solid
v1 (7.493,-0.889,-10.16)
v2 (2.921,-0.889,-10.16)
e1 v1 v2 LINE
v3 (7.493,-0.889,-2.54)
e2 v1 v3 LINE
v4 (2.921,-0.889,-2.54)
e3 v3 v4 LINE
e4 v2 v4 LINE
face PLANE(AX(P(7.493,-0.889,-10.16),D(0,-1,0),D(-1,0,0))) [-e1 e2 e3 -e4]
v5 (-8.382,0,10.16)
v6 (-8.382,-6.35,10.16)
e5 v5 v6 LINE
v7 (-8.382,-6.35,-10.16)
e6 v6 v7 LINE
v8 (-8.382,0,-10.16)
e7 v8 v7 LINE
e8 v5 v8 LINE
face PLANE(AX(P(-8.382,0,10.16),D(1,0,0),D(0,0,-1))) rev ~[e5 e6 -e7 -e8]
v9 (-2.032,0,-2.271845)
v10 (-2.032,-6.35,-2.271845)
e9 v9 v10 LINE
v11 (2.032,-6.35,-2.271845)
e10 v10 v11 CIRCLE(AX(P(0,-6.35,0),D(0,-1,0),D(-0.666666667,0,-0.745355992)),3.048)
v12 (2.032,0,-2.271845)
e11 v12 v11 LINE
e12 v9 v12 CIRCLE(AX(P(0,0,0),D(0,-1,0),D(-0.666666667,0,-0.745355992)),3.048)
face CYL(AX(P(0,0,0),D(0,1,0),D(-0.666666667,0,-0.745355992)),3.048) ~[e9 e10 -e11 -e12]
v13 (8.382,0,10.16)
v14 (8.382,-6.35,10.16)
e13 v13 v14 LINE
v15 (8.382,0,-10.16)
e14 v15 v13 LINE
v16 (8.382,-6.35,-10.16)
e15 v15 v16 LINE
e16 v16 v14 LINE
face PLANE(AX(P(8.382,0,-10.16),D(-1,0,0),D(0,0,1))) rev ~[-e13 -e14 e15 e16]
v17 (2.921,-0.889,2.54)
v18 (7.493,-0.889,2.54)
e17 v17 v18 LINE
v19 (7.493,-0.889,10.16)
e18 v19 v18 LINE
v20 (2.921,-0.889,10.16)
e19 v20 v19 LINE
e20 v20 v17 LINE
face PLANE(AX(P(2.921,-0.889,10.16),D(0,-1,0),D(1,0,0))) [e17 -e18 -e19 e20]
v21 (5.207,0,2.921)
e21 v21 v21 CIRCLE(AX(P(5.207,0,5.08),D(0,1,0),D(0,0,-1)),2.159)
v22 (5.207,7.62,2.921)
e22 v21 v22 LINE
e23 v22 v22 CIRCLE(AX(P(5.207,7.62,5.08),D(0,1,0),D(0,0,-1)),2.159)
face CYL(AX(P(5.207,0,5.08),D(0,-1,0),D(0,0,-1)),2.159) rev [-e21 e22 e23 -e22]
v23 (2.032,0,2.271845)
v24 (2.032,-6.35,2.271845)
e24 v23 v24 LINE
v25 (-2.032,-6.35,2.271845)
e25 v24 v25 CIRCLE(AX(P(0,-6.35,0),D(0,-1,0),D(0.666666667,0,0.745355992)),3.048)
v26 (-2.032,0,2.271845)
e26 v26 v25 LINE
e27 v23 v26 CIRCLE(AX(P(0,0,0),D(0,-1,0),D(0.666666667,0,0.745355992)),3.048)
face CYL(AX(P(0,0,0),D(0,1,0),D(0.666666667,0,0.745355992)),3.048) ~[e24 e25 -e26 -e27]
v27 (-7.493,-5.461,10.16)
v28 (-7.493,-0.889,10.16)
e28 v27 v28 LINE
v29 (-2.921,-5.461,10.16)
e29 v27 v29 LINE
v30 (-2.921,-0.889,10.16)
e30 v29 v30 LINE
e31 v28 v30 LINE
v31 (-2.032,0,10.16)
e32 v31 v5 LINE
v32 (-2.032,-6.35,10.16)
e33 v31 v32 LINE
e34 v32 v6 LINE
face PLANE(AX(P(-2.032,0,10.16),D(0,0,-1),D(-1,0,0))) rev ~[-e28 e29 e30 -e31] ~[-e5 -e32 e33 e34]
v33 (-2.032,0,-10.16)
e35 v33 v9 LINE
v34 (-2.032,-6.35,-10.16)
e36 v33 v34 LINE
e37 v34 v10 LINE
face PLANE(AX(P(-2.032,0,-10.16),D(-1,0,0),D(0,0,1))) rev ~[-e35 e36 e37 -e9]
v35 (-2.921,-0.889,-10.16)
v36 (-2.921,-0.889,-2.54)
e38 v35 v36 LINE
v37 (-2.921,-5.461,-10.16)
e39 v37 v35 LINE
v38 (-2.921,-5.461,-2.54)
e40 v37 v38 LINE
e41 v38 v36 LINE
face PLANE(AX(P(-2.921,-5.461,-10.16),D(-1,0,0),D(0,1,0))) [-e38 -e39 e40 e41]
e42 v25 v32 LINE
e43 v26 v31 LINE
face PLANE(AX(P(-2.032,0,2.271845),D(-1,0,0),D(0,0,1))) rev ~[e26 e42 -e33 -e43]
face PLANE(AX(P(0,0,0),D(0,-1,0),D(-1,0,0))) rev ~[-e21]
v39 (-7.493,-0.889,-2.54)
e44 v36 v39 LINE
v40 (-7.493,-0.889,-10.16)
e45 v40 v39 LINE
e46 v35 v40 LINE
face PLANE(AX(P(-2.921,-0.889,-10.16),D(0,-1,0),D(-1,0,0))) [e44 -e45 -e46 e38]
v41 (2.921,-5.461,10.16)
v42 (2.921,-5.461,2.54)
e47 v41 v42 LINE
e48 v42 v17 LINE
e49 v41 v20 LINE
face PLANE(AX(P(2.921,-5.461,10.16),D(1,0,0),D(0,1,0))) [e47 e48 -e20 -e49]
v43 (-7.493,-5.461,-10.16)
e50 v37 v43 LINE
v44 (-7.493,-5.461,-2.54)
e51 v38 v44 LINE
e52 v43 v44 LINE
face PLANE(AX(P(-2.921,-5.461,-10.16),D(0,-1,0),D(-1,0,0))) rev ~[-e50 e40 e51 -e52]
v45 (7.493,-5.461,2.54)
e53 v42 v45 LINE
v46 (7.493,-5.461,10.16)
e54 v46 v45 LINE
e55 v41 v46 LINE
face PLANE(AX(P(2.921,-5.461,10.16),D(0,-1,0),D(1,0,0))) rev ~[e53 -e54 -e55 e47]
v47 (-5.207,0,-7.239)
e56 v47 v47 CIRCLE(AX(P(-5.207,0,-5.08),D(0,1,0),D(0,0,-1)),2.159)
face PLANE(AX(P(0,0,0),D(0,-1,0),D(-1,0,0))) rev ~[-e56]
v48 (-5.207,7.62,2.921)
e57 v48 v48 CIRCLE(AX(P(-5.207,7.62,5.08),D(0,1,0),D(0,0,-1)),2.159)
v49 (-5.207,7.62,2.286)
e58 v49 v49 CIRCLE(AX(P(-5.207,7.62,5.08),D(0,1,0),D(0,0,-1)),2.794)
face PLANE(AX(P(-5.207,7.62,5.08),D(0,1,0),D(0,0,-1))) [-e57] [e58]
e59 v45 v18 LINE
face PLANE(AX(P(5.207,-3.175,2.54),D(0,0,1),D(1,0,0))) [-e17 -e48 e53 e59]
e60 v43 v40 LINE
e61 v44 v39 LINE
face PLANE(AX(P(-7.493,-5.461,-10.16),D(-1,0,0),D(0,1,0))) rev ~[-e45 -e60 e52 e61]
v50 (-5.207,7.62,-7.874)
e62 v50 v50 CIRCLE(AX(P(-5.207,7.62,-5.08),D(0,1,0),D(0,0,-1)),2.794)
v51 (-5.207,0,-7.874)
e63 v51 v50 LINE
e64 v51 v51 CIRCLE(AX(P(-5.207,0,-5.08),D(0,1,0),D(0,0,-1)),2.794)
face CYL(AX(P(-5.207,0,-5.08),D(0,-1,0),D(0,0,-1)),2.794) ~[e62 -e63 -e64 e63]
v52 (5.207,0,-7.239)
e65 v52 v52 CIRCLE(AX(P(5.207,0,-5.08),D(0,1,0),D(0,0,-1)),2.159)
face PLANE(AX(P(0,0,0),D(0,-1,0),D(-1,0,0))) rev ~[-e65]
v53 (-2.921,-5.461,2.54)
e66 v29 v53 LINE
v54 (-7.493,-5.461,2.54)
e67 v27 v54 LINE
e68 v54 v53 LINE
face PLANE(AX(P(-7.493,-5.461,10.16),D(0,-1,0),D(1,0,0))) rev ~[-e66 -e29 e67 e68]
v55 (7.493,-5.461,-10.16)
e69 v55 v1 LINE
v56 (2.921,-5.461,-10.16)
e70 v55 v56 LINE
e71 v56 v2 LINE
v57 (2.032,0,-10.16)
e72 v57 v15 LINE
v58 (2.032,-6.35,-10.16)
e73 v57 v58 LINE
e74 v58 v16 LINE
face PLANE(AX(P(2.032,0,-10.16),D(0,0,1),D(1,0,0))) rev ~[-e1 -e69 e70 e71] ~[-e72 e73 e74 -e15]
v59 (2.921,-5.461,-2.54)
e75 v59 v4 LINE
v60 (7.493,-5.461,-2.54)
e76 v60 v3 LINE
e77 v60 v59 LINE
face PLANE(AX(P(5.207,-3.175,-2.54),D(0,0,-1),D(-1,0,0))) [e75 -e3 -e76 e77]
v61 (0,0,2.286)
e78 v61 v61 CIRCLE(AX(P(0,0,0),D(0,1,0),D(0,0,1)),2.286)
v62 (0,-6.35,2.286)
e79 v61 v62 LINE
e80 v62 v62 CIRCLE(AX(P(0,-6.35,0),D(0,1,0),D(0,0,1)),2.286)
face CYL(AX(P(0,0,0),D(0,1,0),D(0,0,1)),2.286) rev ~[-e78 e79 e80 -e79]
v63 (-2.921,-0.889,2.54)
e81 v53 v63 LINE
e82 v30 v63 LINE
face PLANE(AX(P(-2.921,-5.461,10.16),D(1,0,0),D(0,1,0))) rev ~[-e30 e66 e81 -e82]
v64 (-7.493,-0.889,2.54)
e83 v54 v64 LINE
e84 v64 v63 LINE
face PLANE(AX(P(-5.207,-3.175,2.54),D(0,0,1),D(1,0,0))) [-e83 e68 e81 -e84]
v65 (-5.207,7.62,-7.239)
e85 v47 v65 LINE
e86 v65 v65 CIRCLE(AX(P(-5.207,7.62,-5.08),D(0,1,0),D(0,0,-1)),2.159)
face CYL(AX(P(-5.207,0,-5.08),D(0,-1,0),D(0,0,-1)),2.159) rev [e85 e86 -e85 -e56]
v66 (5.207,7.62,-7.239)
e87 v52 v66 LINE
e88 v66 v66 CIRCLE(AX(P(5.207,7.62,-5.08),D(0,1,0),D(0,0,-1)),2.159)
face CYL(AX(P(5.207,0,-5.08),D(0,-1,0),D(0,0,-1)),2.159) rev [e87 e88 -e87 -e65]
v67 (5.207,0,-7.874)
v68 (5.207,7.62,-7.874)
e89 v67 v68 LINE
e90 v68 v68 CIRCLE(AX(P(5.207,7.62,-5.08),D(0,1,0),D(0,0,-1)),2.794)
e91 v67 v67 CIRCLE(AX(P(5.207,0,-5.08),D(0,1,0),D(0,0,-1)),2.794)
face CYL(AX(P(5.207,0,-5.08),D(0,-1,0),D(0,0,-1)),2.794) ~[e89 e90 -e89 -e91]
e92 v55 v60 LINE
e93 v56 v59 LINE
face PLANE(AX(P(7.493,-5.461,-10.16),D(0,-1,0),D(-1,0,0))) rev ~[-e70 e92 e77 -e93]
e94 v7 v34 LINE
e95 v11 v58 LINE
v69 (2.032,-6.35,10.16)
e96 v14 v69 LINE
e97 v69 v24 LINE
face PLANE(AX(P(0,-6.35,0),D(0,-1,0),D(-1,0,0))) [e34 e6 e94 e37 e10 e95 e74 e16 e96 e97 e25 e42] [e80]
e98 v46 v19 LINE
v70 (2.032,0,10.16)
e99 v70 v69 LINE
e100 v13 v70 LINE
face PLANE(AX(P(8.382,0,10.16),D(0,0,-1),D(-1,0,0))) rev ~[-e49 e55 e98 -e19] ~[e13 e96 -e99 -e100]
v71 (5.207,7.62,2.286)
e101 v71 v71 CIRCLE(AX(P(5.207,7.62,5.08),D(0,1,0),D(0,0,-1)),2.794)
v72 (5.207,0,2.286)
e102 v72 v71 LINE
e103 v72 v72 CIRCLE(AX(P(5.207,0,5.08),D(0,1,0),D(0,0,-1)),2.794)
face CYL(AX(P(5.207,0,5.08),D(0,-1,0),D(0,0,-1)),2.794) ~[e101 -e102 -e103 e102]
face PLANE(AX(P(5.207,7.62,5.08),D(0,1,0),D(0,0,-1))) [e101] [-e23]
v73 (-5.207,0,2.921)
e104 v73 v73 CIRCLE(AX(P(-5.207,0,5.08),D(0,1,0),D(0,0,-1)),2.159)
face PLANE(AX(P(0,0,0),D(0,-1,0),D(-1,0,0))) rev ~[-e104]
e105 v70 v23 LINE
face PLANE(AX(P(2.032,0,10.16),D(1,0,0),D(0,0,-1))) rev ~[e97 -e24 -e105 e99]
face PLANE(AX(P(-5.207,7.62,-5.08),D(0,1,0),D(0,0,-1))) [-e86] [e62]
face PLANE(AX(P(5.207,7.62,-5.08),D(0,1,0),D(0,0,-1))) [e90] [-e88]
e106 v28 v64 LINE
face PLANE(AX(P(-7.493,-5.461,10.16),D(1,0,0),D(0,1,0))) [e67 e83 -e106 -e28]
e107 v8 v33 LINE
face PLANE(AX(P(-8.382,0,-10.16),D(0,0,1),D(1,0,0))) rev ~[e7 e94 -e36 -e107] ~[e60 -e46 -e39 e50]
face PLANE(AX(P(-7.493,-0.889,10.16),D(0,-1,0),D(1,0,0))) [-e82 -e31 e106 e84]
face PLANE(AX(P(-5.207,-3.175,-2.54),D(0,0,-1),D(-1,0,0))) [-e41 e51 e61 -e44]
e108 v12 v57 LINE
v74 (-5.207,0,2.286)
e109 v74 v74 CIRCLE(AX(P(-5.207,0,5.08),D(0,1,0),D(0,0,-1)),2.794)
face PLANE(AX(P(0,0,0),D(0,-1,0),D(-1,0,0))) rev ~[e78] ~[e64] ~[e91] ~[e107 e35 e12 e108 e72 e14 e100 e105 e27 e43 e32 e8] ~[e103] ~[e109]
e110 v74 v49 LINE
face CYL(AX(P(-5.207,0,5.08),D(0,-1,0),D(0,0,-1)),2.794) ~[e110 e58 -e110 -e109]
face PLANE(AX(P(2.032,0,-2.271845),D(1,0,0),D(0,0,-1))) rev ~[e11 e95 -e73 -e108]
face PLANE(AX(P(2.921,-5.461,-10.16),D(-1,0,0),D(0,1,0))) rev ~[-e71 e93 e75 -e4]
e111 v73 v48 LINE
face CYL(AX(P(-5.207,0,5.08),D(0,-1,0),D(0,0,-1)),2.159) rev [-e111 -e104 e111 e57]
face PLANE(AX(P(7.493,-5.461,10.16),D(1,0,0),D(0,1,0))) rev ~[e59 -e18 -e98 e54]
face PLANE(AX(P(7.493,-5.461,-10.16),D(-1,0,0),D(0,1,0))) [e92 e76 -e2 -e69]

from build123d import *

# Parameters (mm, degrees)
BOSS_EXTRUDE1_DEPTH = 6.35
SKETCH2_R           = 2.286
CUT_EXTRUDE1_DEPTH  = 15.622107372
SKETCH3_W           = 4.572
SKETCH3_H           = 4.572
CUT_EXTRUDE2_DEPTH  = 7.62
SKETCH4_W           = 4.572
SKETCH4_H           = 4.572
CUT_EXTRUDE3_DEPTH  = 7.62
SKETCH5_R           = 2.794
SKETCH5_R_2         = 2.159
BOSS_EXTRUDE2_DEPTH = 7.62


with BuildPart() as part:
    # Sketch1 → Boss-Extrude1 (new body)
    with BuildSketch(Plane(origin=(0, 0, 0), x_dir=(1, 0, 0), z_dir=(0, 1, 0))):
        with BuildLine():
            Line((-2.032, -2.271845065), (-2.032, -10.16))
            Line((-2.032, -10.16), (-8.382, -10.16))
            Line((-8.382, -10.16), (-8.382, 10.16))
            Line((-8.382, 10.16), (-2.032, 10.16))
            Line((-2.032, 10.16), (-2.032, 2.271845065))
            ThreePointArc((-2.032, 2.271845065), (0, 3.048), (2.032, 2.271845065))
            Line((2.032, 2.271845065), (2.032, 10.16))
            Line((2.032, 10.16), (8.382, 10.16))
            Line((8.382, 10.16), (8.382, -10.16))
            Line((8.382, -10.16), (2.032, -10.16))
            Line((2.032, -10.16), (2.032, -2.271845065))
            ThreePointArc((2.032, -2.271845065), (0, -3.048), (-2.032, -2.271845065))
        make_face()
    extrude(amount=-BOSS_EXTRUDE1_DEPTH)

    # Sketch2 → Cut-Extrude1 (cut, through all)
    with BuildSketch(Plane(origin=(0, 0, 0), x_dir=(1, 0, 0), z_dir=(0, 1, 0))):
        with Locations(Location((0, 0, 0), (0, 0, 270))):
            Circle(SKETCH2_R)
    extrude(amount=-CUT_EXTRUDE1_DEPTH, mode=Mode.SUBTRACT)

    # Sketch3 → Cut-Extrude2 (cut)
    with BuildSketch(Plane.XY.offset(10.16)):
        with Locations((-5.207, -3.175)):
            Rectangle(SKETCH3_W, SKETCH3_H)
        with Locations((5.207, -3.175)):
            Rectangle(SKETCH3_W, SKETCH3_H)
    extrude(amount=-CUT_EXTRUDE2_DEPTH, mode=Mode.SUBTRACT)

    # Sketch4 → Cut-Extrude3 (cut)
    with BuildSketch(Plane(origin=(0, 0, -10.16), x_dir=(-1, 0, 0), z_dir=(0, 0, -1))):
        with Locations((-5.207, -3.175)):
            Rectangle(SKETCH4_W, SKETCH4_H)
        with Locations((5.207, -3.175)):
            Rectangle(SKETCH4_W, SKETCH4_H)
    extrude(amount=-CUT_EXTRUDE3_DEPTH, mode=Mode.SUBTRACT)

    # Sketch5 → Boss-Extrude2 (add)
    # profile 1 of 4: a face of its own
    with BuildSketch(Plane(origin=(0, 0, 0), x_dir=(1, 0, 0), z_dir=(0, 1, 0))):
        with Locations(Location((-5.207, -5.08, 0), (0, 0, 90))):
            Circle(SKETCH5_R)
        with Locations(Location((-5.207, -5.08, 0), (0, 0, 90))):
            Circle(SKETCH5_R_2, mode=Mode.SUBTRACT)
    # profile 2 of 4: a face of its own
    with BuildSketch(Plane(origin=(0, 0, 0), x_dir=(1, 0, 0), z_dir=(0, 1, 0))):
        with Locations(Location((-5.207, 5.08, 0), (0, 0, 90))):
            Circle(SKETCH5_R)
        with Locations(Location((-5.207, 5.08, 0), (0, 0, 90))):
            Circle(SKETCH5_R_2, mode=Mode.SUBTRACT)
    # profile 3 of 4: a face of its own
    with BuildSketch(Plane(origin=(0, 0, 0), x_dir=(1, 0, 0), z_dir=(0, 1, 0))):
        with Locations(Location((5.207, 5.08, 0), (0, 0, 90))):
            Circle(SKETCH5_R)
        with Locations(Location((5.207, 5.08, 0), (0, 0, 90))):
            Circle(SKETCH5_R_2, mode=Mode.SUBTRACT)
    # profile 4 of 4: a face of its own
    with BuildSketch(Plane(origin=(0, 0, 0), x_dir=(1, 0, 0), z_dir=(0, 1, 0))):
        with Locations(Location((5.207, -5.08, 0), (0, 0, 90))):
            Circle(SKETCH5_R)
        with Locations(Location((5.207, -5.08, 0), (0, 0, 90))):
            Circle(SKETCH5_R_2, mode=Mode.SUBTRACT)
    extrude(amount=BOSS_EXTRUDE2_DEPTH)


solid = part.part
